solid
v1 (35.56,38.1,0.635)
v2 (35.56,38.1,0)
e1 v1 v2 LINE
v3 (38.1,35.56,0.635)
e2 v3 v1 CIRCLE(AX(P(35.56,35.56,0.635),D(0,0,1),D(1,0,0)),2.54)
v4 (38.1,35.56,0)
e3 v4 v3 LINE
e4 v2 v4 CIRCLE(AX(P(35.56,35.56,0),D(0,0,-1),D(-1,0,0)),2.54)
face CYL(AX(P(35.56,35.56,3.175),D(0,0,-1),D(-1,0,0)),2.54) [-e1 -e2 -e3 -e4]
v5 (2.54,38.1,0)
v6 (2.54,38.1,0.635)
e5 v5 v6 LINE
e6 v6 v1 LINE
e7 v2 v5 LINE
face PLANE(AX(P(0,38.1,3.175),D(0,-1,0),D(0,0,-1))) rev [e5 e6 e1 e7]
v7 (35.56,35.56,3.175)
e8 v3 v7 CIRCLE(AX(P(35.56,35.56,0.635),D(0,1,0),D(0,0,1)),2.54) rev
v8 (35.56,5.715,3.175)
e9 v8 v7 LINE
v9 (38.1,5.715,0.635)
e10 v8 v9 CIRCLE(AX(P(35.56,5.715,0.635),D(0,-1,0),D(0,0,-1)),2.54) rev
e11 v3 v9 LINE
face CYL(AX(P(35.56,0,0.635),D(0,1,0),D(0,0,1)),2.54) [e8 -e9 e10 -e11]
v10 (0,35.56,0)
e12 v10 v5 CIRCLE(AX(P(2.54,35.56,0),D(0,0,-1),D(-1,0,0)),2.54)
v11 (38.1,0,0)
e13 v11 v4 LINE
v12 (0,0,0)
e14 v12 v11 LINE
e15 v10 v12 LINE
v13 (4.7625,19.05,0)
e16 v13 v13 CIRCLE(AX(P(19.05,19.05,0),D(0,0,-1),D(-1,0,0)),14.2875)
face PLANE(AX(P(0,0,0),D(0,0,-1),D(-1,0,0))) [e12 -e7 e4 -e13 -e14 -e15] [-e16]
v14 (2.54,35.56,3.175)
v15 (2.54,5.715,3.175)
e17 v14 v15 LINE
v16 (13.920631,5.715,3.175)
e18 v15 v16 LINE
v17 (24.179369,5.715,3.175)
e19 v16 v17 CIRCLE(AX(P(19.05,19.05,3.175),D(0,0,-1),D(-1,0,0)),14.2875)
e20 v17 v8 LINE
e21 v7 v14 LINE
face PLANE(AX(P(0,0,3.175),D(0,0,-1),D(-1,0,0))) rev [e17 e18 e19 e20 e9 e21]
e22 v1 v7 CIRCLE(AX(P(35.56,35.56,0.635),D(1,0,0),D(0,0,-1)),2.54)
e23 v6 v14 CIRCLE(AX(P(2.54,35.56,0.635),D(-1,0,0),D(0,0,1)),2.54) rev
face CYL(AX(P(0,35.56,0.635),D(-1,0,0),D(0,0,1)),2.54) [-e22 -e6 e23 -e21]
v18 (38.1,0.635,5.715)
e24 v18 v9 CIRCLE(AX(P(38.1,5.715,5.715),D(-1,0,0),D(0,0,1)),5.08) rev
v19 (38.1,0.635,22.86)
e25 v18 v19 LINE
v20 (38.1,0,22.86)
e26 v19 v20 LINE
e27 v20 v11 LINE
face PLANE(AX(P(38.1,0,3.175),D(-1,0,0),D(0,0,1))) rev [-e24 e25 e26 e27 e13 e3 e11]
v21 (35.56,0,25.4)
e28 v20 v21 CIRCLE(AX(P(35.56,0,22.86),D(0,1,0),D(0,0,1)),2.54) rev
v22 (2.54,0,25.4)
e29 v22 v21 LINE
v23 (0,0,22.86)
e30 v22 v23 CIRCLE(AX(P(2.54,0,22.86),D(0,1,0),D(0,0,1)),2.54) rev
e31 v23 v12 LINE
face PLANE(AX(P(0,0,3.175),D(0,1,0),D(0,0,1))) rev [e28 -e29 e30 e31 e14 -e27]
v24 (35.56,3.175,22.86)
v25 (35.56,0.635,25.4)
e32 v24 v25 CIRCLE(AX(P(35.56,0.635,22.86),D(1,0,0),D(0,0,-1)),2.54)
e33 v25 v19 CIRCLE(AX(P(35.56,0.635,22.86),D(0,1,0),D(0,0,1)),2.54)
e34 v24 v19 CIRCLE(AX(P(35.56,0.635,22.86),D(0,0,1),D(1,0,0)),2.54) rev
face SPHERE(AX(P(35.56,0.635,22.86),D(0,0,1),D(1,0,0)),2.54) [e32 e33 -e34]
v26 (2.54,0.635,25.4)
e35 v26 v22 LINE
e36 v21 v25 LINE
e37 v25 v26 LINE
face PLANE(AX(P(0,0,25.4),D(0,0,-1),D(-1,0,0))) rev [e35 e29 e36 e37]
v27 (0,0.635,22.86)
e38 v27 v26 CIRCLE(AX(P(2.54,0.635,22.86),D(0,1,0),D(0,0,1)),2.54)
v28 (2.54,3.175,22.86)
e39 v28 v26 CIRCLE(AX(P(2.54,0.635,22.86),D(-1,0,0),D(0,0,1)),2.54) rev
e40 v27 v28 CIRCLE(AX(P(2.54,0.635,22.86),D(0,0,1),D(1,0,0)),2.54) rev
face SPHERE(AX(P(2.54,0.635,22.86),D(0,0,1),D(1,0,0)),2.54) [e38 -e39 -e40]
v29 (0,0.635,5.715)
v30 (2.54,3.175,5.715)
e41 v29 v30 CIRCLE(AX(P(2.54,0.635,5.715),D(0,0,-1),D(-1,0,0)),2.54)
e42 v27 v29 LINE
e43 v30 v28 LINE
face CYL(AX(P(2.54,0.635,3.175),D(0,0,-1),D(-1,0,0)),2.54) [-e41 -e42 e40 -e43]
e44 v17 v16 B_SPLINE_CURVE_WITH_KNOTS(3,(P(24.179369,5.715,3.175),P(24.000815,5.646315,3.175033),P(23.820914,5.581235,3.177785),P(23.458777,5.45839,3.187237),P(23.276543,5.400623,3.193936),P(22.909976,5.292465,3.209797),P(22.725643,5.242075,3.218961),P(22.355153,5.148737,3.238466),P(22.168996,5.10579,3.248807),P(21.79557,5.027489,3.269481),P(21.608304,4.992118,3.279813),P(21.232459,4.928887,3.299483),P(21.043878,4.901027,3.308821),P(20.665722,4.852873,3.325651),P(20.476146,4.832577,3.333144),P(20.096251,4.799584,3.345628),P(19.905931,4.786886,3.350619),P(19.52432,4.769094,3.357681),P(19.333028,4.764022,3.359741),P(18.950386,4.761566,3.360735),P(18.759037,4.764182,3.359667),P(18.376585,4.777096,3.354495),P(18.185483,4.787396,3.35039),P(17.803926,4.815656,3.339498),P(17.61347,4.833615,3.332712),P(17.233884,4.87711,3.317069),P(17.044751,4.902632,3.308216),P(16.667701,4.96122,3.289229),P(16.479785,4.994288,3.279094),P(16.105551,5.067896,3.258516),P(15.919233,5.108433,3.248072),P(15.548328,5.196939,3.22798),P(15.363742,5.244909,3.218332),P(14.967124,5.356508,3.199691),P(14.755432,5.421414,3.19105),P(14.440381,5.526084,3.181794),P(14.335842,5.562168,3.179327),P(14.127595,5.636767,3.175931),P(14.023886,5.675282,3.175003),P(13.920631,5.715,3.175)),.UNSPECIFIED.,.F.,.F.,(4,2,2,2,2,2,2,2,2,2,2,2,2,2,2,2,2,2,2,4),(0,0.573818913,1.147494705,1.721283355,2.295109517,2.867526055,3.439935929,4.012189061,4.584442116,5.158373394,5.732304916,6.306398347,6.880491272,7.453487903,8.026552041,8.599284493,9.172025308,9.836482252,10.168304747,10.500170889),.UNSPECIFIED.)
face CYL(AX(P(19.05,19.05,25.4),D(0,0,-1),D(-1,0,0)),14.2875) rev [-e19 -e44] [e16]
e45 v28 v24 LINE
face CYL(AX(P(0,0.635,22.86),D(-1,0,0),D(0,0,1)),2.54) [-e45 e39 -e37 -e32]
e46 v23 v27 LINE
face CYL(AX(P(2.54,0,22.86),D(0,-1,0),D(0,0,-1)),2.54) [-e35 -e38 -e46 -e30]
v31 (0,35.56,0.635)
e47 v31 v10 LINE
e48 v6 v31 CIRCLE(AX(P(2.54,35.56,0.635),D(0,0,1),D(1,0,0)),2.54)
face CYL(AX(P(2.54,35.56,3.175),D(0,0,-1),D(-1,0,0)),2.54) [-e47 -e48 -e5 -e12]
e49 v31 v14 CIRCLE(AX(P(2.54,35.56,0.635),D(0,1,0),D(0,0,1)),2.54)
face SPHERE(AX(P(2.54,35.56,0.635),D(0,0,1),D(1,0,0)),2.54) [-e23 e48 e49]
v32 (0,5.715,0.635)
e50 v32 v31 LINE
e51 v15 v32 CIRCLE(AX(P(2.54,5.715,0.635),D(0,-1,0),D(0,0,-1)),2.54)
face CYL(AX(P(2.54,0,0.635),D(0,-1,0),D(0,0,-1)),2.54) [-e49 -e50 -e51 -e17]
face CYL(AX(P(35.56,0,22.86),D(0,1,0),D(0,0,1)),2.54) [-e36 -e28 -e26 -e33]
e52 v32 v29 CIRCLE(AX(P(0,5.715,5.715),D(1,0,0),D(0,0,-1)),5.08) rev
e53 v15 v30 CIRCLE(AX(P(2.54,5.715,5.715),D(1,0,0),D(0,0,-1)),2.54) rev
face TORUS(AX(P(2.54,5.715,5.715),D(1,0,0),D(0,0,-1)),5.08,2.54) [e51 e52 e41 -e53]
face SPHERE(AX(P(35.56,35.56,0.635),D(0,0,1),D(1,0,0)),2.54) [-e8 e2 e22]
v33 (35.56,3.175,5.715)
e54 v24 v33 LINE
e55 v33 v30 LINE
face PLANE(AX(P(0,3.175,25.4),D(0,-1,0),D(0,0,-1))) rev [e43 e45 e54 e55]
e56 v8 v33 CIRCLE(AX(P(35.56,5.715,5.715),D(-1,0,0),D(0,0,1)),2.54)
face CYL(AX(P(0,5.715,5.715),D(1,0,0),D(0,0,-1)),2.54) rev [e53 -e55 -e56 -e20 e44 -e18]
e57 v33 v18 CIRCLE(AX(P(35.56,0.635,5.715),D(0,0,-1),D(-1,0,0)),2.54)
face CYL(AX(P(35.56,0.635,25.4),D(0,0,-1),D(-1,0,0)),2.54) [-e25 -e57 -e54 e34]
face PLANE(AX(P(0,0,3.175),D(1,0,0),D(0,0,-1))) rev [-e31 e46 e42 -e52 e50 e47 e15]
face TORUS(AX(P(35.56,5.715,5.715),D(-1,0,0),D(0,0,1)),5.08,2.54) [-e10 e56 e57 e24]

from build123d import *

# Parameters (mm, degrees)
SKETCH2_W           = 38.1
SKETCH2_H           = 38.1
BOSS_EXTRUDE1_DEPTH = 3.175
SKETCH3_W           = 38.1
SKETCH3_H           = 3.175
BOSS_EXTRUDE2_DEPTH = 22.225
FILLET1_R           = 2.54
SKETCH4_R           = 14.2875
CUT_EXTRUDE1_DEPTH  = 60.56828015


with BuildPart() as part:
    # Sketch2 → Boss-Extrude1 (new body)
    with BuildSketch(Plane.XY):
        with Locations((19.05, 19.05)):
            Rectangle(SKETCH2_W, SKETCH2_H)
    extrude(amount=BOSS_EXTRUDE1_DEPTH)

    # Sketch3 → Boss-Extrude2 (add)
    with BuildSketch(Plane.XY.offset(3.175)):
        with Locations((19.05, 1.5875)):
            Rectangle(SKETCH3_W, SKETCH3_H)
    extrude(amount=BOSS_EXTRUDE2_DEPTH)

    # Fillet1
    fillet1_edges = [part.edges().sort_by_distance(p)[0] for p in [
        (19.05, 38.1, 3.175),
        (38.1, 20.6375, 3.175),
        (0, 3.175, 14.2875),
        (19.05, 3.175, 3.175),
        (38.1, 3.175, 14.2875),
        (0, 1.5875, 25.4),
        (38.1, 1.5875, 25.4),
        (19.05, 3.175, 25.4),
        (0, 20.6375, 3.175),
        (0, 38.1, 1.5875),
        (38.1, 38.1, 1.5875),
    ]]
    fillet(fillet1_edges, radius=FILLET1_R)

    # Sketch4 → Cut-Extrude1 (cut, through all)
    with BuildSketch(Plane(origin=(0, 0, 0), x_dir=(-1, 0, 0), z_dir=(0, 0, -1))):
        with Locations((-19.05, 19.05)):
            Circle(SKETCH4_R)
    extrude(amount=-CUT_EXTRUDE1_DEPTH, mode=Mode.SUBTRACT)


solid = part.part
